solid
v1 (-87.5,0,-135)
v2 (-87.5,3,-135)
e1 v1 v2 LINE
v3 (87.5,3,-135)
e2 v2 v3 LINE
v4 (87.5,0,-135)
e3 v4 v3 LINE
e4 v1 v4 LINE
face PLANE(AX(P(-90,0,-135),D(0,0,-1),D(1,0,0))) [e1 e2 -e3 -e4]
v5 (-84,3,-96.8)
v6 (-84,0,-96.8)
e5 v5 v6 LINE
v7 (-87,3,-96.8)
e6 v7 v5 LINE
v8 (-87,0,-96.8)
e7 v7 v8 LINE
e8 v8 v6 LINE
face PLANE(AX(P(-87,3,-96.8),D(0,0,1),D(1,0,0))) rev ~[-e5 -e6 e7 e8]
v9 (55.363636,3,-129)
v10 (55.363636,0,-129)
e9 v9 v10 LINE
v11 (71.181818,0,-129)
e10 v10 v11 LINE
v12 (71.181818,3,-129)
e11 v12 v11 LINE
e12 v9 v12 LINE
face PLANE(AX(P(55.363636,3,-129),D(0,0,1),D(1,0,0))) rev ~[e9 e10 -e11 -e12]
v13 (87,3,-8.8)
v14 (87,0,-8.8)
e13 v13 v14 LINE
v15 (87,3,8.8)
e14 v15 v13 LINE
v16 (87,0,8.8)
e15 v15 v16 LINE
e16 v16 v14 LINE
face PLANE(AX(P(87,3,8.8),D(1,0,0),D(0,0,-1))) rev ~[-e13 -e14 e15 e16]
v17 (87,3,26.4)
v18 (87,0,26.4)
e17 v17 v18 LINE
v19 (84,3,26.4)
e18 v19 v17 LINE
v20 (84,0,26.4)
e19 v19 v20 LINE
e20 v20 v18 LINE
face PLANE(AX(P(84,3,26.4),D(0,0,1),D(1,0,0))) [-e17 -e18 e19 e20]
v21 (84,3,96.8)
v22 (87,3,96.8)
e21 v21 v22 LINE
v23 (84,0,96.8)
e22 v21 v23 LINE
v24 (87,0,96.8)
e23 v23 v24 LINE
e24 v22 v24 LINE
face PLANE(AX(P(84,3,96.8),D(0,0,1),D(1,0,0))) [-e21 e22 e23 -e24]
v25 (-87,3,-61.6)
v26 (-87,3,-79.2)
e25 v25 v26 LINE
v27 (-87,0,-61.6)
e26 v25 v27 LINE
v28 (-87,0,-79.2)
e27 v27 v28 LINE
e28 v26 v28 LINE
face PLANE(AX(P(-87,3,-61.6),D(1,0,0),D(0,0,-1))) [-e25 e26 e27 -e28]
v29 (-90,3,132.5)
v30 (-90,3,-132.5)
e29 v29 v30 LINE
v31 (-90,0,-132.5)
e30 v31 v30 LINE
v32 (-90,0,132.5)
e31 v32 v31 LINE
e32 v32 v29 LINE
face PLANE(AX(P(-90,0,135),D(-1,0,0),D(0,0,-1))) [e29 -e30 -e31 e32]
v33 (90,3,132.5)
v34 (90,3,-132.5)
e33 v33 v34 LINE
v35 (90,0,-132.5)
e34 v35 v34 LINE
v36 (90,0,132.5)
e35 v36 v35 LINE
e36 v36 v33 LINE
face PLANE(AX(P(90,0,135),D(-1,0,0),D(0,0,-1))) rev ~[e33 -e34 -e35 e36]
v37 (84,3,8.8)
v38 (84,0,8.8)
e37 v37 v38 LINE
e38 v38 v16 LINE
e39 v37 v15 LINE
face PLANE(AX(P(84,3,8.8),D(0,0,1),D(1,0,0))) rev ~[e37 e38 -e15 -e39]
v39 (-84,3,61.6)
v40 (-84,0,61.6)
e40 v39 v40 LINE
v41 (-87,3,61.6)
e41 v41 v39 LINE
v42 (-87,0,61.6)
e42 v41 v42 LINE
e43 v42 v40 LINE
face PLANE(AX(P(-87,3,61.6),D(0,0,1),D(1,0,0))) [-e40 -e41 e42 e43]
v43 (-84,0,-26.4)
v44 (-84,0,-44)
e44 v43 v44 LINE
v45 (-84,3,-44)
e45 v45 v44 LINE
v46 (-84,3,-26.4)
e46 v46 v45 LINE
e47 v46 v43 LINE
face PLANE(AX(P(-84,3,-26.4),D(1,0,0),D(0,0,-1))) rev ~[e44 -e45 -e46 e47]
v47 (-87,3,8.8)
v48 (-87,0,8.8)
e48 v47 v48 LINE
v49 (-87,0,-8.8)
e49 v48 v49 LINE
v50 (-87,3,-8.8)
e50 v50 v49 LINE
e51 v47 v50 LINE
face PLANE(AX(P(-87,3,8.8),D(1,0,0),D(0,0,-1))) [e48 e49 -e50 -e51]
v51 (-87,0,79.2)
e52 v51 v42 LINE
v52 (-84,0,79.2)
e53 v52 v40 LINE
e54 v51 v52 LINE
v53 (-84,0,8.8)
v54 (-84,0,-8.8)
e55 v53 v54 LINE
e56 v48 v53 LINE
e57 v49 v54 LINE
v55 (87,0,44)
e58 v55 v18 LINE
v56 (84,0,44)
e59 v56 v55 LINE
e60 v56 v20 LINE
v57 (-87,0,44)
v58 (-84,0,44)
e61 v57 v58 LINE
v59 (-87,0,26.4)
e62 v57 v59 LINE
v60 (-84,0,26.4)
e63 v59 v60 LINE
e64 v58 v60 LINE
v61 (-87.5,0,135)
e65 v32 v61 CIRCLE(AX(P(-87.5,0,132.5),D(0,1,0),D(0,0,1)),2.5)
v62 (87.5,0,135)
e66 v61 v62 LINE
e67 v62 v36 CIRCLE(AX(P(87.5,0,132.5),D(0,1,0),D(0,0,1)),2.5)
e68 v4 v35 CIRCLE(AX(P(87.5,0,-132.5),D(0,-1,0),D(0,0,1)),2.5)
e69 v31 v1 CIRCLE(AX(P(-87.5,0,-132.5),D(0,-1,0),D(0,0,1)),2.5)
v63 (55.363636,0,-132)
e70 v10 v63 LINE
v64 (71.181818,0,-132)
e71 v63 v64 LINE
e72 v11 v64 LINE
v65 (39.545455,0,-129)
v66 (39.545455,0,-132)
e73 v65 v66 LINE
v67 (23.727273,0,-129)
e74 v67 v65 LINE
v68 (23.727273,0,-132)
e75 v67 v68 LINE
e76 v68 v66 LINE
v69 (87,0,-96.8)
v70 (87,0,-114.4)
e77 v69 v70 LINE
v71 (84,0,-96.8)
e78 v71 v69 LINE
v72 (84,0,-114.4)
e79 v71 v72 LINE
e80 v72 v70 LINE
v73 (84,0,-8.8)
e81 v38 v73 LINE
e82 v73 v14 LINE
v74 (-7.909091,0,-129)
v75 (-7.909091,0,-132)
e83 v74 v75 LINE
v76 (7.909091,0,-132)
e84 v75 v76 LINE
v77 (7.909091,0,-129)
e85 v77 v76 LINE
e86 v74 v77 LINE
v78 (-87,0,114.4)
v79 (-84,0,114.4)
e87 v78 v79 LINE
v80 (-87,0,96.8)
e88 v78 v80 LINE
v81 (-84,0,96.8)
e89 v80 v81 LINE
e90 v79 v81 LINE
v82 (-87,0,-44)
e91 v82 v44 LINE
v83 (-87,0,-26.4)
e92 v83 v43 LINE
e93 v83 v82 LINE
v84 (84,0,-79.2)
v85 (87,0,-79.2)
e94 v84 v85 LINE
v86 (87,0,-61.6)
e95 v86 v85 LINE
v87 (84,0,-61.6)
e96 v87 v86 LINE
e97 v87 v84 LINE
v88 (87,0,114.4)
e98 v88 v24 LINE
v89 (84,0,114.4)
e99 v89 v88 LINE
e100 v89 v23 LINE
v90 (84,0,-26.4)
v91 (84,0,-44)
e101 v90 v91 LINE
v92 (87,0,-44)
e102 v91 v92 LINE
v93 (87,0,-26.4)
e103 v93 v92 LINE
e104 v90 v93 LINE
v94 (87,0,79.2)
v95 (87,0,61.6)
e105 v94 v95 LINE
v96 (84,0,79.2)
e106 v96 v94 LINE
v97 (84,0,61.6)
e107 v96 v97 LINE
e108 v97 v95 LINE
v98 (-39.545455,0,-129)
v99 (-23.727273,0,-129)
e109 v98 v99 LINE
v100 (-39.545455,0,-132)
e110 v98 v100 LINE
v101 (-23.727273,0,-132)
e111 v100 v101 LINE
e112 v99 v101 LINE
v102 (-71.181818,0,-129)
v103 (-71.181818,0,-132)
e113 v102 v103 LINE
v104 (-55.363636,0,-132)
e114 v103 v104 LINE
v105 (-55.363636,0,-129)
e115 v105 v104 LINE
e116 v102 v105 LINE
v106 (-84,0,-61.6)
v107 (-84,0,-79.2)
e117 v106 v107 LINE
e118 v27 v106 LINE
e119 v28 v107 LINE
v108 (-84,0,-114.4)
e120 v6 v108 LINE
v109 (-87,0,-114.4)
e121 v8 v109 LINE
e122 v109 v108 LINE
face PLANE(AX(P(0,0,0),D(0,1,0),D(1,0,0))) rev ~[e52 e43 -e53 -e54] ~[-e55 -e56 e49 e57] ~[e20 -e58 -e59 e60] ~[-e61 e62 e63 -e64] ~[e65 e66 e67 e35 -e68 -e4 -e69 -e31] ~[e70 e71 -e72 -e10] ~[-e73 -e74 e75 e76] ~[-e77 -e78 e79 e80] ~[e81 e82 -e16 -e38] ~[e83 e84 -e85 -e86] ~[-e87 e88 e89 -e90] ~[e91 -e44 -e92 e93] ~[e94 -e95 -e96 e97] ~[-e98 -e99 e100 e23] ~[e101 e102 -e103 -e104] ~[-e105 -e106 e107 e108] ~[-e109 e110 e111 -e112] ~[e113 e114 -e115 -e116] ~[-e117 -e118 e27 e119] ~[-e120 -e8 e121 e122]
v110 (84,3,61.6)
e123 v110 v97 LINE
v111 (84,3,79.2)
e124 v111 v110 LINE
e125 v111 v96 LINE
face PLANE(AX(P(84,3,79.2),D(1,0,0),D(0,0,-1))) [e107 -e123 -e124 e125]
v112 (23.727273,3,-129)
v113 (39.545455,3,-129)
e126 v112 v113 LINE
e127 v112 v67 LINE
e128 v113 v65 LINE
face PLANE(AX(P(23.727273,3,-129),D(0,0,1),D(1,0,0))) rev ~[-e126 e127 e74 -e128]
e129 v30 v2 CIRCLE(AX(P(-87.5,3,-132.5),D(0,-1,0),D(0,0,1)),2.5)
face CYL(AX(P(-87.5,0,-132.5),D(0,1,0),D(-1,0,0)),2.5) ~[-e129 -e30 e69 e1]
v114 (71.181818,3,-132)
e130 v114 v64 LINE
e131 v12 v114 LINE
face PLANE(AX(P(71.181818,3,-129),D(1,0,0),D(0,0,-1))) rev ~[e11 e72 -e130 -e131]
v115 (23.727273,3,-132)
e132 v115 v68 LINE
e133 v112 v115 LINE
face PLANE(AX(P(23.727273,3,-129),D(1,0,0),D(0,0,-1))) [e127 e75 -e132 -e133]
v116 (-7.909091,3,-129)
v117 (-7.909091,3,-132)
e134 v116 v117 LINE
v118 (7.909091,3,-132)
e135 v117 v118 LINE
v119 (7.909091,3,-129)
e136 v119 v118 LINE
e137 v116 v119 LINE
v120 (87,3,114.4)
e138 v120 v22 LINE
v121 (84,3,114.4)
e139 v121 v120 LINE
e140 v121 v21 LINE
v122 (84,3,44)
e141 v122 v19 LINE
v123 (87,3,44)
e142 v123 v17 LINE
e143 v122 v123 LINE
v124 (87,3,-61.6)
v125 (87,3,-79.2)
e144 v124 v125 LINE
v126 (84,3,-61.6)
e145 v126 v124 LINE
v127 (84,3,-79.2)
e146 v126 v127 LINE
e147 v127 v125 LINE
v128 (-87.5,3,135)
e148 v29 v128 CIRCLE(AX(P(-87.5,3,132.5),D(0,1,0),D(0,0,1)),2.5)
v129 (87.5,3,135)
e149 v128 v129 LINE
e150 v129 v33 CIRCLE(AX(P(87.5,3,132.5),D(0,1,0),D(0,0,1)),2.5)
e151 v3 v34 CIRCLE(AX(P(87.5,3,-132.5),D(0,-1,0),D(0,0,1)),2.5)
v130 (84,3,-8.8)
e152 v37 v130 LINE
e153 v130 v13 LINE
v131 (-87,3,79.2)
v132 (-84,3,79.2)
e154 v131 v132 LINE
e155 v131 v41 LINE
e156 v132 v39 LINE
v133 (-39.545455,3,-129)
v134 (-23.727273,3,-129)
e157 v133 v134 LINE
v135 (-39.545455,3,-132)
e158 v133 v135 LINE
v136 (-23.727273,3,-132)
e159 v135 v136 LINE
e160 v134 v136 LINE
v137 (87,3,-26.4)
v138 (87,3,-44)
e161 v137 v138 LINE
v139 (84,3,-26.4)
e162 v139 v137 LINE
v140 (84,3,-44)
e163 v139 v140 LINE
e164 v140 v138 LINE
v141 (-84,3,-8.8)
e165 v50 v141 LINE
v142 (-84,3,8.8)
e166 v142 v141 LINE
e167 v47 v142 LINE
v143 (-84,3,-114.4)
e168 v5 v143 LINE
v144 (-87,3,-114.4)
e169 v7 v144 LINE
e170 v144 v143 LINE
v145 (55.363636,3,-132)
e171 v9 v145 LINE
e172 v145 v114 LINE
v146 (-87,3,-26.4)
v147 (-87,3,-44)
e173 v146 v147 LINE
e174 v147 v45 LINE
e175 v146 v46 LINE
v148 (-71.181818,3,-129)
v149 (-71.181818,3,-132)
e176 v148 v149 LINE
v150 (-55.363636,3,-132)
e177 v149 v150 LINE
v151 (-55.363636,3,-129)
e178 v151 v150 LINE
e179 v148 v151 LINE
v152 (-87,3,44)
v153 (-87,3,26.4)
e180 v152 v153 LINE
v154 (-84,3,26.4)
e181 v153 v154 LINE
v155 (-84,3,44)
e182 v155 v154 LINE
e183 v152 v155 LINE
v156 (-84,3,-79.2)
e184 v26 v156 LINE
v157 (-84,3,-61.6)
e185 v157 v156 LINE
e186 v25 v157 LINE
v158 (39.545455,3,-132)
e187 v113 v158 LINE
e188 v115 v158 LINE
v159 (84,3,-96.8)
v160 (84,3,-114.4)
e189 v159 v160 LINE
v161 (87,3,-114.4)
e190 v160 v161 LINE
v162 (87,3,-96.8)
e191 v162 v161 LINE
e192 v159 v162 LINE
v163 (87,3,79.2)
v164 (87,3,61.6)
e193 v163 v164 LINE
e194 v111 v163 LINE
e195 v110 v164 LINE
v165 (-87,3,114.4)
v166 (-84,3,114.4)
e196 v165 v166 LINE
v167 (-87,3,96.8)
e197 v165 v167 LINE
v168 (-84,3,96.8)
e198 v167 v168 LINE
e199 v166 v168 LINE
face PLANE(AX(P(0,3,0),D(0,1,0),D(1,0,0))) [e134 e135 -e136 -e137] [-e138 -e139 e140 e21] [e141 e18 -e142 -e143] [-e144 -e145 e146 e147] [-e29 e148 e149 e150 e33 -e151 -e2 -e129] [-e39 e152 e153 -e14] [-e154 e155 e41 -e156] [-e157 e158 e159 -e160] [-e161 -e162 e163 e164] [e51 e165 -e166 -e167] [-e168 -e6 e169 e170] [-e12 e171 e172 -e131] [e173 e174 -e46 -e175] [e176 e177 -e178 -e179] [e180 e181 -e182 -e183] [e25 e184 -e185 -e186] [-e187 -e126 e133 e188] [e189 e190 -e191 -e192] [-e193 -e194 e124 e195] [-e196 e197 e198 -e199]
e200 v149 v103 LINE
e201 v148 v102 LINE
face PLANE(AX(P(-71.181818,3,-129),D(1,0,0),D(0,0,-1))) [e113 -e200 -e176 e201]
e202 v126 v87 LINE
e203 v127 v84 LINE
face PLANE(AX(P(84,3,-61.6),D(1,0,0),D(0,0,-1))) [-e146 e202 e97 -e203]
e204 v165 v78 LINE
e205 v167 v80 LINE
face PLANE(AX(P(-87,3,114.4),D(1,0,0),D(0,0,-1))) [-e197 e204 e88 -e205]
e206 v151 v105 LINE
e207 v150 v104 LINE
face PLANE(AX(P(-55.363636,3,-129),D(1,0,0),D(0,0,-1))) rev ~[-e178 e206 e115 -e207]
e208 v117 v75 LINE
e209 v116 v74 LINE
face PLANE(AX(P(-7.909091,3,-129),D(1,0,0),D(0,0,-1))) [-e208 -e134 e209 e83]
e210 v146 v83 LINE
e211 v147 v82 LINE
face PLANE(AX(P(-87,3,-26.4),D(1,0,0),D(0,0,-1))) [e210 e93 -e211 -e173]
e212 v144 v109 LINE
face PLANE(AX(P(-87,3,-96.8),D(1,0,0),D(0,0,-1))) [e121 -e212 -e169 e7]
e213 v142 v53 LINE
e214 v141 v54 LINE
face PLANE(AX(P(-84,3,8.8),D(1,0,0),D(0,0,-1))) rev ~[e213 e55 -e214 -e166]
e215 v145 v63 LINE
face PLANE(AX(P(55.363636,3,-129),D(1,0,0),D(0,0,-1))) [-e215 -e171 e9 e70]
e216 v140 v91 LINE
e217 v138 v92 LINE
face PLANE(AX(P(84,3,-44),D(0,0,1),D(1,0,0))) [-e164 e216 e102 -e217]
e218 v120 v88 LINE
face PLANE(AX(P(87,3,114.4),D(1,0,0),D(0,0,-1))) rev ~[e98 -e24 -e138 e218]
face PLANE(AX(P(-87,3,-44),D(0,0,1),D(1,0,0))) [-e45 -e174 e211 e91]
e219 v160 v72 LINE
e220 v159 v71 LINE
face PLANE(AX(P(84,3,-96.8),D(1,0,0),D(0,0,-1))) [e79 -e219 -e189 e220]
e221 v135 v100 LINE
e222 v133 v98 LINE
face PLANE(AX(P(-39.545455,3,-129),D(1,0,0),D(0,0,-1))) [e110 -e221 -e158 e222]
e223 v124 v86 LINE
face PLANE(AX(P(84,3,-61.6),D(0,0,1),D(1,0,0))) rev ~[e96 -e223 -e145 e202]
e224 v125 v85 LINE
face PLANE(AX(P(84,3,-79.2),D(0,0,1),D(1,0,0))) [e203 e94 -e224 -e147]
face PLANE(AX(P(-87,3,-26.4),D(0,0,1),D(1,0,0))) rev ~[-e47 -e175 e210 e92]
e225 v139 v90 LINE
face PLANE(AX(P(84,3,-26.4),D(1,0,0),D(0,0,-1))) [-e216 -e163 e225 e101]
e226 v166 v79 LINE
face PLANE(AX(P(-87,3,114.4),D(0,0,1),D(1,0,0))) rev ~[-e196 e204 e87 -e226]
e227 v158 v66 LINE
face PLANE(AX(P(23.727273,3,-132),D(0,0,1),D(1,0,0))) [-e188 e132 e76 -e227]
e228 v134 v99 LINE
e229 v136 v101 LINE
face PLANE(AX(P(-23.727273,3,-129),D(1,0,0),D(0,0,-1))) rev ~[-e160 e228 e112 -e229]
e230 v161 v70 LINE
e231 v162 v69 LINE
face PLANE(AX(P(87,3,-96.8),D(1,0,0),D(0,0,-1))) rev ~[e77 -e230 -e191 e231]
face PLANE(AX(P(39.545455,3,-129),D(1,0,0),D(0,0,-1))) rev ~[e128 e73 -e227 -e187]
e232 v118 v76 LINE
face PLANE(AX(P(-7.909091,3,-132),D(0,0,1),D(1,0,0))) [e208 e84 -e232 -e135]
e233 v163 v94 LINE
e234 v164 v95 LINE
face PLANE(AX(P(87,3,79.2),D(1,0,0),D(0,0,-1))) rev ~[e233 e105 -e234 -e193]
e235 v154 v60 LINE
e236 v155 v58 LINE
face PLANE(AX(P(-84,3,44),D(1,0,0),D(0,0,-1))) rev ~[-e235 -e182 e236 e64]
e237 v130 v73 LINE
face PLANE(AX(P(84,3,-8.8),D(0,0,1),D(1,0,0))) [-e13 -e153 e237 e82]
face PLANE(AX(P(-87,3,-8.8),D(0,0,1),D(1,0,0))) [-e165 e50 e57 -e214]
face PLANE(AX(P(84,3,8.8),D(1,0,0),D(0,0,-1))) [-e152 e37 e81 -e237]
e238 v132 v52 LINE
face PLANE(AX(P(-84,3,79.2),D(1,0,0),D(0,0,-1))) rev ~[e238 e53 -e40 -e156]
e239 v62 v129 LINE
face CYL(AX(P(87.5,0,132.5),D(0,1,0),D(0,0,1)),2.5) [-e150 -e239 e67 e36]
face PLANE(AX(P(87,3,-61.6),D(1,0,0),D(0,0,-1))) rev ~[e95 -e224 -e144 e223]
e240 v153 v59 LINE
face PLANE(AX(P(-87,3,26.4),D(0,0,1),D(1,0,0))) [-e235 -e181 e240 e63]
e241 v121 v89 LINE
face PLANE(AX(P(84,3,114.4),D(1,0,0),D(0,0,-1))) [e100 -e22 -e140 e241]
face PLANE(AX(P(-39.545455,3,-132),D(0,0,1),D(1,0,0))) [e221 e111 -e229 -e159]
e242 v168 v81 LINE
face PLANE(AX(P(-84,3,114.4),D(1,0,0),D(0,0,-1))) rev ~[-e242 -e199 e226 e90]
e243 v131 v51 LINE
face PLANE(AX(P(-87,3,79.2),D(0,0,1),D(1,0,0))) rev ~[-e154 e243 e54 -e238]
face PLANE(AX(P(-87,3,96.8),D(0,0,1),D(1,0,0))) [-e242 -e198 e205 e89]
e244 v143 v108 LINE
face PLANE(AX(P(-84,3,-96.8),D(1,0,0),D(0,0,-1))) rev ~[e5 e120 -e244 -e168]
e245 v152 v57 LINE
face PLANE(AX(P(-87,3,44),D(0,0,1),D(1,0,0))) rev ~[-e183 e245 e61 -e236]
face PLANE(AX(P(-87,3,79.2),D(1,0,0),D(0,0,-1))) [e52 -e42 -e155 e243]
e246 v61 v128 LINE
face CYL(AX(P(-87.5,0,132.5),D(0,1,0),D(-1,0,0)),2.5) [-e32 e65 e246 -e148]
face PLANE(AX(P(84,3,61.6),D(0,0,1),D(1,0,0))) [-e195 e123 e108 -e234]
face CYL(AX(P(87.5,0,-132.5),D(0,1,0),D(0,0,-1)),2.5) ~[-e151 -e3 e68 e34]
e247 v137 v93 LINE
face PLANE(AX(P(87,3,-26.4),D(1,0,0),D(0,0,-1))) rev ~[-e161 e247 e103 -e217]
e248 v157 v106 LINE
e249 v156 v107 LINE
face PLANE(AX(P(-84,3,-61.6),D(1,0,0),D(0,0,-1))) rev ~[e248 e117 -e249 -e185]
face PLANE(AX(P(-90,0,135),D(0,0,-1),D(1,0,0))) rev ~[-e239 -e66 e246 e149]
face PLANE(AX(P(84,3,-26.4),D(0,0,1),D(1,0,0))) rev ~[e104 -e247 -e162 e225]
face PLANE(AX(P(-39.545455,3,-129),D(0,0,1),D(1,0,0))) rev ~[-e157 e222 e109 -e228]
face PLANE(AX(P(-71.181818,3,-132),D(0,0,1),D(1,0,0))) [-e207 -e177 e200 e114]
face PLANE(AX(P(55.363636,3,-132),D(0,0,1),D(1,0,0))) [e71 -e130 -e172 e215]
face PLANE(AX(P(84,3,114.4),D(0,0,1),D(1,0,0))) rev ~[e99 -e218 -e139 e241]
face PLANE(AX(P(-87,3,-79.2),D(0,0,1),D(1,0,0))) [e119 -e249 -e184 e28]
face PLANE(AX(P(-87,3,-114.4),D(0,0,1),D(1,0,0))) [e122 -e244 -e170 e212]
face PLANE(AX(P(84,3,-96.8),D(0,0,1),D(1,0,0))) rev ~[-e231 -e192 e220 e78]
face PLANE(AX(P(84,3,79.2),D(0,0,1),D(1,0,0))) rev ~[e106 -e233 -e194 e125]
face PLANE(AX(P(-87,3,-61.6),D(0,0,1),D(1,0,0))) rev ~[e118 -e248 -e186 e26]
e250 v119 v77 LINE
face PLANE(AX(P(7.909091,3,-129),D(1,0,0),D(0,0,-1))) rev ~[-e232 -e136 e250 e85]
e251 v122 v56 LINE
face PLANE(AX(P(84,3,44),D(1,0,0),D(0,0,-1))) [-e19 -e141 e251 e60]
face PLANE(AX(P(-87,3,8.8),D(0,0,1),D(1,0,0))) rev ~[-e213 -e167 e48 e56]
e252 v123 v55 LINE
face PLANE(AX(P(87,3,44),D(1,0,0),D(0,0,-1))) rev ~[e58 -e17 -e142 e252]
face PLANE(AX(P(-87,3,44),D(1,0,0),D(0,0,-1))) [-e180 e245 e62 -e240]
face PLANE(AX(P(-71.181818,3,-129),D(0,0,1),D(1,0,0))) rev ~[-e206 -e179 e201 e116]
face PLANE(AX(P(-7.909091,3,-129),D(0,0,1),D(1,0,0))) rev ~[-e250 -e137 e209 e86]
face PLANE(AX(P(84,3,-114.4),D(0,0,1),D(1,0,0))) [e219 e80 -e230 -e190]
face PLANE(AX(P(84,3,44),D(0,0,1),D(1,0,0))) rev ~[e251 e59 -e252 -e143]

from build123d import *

# Parameters (mm, degrees)
SKETCH1_W               = 180
SKETCH1_H               = 270
BOSS_EXTRUDE1_DEPTH     = 3
SKETCH2_W               = 15.818181818
SKETCH2_H               = 3
SKETCH2_W_2             = 3
SKETCH2_H_2             = 17.6
CUT_EXTRUDE1_DEPTH      = 1
CUT_EXTRUDE1_DEPTH_BACK = 4
FILLET1_R               = 2.5


with BuildPart() as part:
    # Sketch1 → Boss-Extrude1 (new body)
    with BuildSketch(Plane(origin=(0, 0, 0), x_dir=(1, 0, 0), z_dir=(0, 1, 0))):
        Rectangle(SKETCH1_W, SKETCH1_H)
    extrude(amount=BOSS_EXTRUDE1_DEPTH)

    # Sketch2 → Cut-Extrude1 (cut, two sides)
    with BuildSketch(Plane(origin=(0, 3, 0), x_dir=(1, 0, 0), z_dir=(0, 1, 0))) as cut_extrude1_sk:
        with Locations((0, 130.5)):
            Rectangle(SKETCH2_W, SKETCH2_H)
        with Locations((31.636363636, 130.5)):
            Rectangle(SKETCH2_W, SKETCH2_H)
        with Locations((63.272727273, 130.5)):
            Rectangle(SKETCH2_W, SKETCH2_H)
        with Locations((85.5, -70.4)):
            Rectangle(SKETCH2_W_2, SKETCH2_H_2)
        with Locations((-31.636363636, 130.5)):
            Rectangle(SKETCH2_W, SKETCH2_H)
        with Locations((-63.272727273, 130.5)):
            Rectangle(SKETCH2_W, SKETCH2_H)
        with Locations((85.5, -105.6)):
            Rectangle(SKETCH2_W_2, SKETCH2_H_2)
        with Locations((-85.5, 105.6)):
            Rectangle(SKETCH2_W_2, SKETCH2_H_2)
        with Locations((-85.5, 70.4)):
            Rectangle(SKETCH2_W_2, SKETCH2_H_2)
        with Locations((-85.5, 35.2)):
            Rectangle(SKETCH2_W_2, SKETCH2_H_2)
        with Locations((-85.5, 0)):
            Rectangle(SKETCH2_W_2, SKETCH2_H_2)
        with Locations((85.5, 105.6)):
            Rectangle(SKETCH2_W_2, SKETCH2_H_2)
        with Locations((85.5, 70.4)):
            Rectangle(SKETCH2_W_2, SKETCH2_H_2)
        with Locations((85.5, 35.2)):
            Rectangle(SKETCH2_W_2, SKETCH2_H_2)
        with Locations((85.5, 0)):
            Rectangle(SKETCH2_W_2, SKETCH2_H_2)
        with Locations((85.5, -35.2)):
            Rectangle(SKETCH2_W_2, SKETCH2_H_2)
        with Locations((-85.5, -35.2)):
            Rectangle(SKETCH2_W_2, SKETCH2_H_2)
        with Locations((-85.5, -70.4)):
            Rectangle(SKETCH2_W_2, SKETCH2_H_2)
        with Locations((-85.5, -105.6)):
            Rectangle(SKETCH2_W_2, SKETCH2_H_2)
    extrude(amount=CUT_EXTRUDE1_DEPTH, mode=Mode.SUBTRACT)
    extrude(cut_extrude1_sk.sketch, amount=-CUT_EXTRUDE1_DEPTH_BACK, mode=Mode.SUBTRACT)

    # Fillet1
    fillet1_edges = [part.edges().sort_by_distance(p)[0] for p in [
        (90, 1.5, -135),
        (90, 1.5, 135),
        (-90, 1.5, 135),
        (-90, 1.5, -135),
    ]]
    fillet(fillet1_edges, radius=FILLET1_R)


solid = part.part
